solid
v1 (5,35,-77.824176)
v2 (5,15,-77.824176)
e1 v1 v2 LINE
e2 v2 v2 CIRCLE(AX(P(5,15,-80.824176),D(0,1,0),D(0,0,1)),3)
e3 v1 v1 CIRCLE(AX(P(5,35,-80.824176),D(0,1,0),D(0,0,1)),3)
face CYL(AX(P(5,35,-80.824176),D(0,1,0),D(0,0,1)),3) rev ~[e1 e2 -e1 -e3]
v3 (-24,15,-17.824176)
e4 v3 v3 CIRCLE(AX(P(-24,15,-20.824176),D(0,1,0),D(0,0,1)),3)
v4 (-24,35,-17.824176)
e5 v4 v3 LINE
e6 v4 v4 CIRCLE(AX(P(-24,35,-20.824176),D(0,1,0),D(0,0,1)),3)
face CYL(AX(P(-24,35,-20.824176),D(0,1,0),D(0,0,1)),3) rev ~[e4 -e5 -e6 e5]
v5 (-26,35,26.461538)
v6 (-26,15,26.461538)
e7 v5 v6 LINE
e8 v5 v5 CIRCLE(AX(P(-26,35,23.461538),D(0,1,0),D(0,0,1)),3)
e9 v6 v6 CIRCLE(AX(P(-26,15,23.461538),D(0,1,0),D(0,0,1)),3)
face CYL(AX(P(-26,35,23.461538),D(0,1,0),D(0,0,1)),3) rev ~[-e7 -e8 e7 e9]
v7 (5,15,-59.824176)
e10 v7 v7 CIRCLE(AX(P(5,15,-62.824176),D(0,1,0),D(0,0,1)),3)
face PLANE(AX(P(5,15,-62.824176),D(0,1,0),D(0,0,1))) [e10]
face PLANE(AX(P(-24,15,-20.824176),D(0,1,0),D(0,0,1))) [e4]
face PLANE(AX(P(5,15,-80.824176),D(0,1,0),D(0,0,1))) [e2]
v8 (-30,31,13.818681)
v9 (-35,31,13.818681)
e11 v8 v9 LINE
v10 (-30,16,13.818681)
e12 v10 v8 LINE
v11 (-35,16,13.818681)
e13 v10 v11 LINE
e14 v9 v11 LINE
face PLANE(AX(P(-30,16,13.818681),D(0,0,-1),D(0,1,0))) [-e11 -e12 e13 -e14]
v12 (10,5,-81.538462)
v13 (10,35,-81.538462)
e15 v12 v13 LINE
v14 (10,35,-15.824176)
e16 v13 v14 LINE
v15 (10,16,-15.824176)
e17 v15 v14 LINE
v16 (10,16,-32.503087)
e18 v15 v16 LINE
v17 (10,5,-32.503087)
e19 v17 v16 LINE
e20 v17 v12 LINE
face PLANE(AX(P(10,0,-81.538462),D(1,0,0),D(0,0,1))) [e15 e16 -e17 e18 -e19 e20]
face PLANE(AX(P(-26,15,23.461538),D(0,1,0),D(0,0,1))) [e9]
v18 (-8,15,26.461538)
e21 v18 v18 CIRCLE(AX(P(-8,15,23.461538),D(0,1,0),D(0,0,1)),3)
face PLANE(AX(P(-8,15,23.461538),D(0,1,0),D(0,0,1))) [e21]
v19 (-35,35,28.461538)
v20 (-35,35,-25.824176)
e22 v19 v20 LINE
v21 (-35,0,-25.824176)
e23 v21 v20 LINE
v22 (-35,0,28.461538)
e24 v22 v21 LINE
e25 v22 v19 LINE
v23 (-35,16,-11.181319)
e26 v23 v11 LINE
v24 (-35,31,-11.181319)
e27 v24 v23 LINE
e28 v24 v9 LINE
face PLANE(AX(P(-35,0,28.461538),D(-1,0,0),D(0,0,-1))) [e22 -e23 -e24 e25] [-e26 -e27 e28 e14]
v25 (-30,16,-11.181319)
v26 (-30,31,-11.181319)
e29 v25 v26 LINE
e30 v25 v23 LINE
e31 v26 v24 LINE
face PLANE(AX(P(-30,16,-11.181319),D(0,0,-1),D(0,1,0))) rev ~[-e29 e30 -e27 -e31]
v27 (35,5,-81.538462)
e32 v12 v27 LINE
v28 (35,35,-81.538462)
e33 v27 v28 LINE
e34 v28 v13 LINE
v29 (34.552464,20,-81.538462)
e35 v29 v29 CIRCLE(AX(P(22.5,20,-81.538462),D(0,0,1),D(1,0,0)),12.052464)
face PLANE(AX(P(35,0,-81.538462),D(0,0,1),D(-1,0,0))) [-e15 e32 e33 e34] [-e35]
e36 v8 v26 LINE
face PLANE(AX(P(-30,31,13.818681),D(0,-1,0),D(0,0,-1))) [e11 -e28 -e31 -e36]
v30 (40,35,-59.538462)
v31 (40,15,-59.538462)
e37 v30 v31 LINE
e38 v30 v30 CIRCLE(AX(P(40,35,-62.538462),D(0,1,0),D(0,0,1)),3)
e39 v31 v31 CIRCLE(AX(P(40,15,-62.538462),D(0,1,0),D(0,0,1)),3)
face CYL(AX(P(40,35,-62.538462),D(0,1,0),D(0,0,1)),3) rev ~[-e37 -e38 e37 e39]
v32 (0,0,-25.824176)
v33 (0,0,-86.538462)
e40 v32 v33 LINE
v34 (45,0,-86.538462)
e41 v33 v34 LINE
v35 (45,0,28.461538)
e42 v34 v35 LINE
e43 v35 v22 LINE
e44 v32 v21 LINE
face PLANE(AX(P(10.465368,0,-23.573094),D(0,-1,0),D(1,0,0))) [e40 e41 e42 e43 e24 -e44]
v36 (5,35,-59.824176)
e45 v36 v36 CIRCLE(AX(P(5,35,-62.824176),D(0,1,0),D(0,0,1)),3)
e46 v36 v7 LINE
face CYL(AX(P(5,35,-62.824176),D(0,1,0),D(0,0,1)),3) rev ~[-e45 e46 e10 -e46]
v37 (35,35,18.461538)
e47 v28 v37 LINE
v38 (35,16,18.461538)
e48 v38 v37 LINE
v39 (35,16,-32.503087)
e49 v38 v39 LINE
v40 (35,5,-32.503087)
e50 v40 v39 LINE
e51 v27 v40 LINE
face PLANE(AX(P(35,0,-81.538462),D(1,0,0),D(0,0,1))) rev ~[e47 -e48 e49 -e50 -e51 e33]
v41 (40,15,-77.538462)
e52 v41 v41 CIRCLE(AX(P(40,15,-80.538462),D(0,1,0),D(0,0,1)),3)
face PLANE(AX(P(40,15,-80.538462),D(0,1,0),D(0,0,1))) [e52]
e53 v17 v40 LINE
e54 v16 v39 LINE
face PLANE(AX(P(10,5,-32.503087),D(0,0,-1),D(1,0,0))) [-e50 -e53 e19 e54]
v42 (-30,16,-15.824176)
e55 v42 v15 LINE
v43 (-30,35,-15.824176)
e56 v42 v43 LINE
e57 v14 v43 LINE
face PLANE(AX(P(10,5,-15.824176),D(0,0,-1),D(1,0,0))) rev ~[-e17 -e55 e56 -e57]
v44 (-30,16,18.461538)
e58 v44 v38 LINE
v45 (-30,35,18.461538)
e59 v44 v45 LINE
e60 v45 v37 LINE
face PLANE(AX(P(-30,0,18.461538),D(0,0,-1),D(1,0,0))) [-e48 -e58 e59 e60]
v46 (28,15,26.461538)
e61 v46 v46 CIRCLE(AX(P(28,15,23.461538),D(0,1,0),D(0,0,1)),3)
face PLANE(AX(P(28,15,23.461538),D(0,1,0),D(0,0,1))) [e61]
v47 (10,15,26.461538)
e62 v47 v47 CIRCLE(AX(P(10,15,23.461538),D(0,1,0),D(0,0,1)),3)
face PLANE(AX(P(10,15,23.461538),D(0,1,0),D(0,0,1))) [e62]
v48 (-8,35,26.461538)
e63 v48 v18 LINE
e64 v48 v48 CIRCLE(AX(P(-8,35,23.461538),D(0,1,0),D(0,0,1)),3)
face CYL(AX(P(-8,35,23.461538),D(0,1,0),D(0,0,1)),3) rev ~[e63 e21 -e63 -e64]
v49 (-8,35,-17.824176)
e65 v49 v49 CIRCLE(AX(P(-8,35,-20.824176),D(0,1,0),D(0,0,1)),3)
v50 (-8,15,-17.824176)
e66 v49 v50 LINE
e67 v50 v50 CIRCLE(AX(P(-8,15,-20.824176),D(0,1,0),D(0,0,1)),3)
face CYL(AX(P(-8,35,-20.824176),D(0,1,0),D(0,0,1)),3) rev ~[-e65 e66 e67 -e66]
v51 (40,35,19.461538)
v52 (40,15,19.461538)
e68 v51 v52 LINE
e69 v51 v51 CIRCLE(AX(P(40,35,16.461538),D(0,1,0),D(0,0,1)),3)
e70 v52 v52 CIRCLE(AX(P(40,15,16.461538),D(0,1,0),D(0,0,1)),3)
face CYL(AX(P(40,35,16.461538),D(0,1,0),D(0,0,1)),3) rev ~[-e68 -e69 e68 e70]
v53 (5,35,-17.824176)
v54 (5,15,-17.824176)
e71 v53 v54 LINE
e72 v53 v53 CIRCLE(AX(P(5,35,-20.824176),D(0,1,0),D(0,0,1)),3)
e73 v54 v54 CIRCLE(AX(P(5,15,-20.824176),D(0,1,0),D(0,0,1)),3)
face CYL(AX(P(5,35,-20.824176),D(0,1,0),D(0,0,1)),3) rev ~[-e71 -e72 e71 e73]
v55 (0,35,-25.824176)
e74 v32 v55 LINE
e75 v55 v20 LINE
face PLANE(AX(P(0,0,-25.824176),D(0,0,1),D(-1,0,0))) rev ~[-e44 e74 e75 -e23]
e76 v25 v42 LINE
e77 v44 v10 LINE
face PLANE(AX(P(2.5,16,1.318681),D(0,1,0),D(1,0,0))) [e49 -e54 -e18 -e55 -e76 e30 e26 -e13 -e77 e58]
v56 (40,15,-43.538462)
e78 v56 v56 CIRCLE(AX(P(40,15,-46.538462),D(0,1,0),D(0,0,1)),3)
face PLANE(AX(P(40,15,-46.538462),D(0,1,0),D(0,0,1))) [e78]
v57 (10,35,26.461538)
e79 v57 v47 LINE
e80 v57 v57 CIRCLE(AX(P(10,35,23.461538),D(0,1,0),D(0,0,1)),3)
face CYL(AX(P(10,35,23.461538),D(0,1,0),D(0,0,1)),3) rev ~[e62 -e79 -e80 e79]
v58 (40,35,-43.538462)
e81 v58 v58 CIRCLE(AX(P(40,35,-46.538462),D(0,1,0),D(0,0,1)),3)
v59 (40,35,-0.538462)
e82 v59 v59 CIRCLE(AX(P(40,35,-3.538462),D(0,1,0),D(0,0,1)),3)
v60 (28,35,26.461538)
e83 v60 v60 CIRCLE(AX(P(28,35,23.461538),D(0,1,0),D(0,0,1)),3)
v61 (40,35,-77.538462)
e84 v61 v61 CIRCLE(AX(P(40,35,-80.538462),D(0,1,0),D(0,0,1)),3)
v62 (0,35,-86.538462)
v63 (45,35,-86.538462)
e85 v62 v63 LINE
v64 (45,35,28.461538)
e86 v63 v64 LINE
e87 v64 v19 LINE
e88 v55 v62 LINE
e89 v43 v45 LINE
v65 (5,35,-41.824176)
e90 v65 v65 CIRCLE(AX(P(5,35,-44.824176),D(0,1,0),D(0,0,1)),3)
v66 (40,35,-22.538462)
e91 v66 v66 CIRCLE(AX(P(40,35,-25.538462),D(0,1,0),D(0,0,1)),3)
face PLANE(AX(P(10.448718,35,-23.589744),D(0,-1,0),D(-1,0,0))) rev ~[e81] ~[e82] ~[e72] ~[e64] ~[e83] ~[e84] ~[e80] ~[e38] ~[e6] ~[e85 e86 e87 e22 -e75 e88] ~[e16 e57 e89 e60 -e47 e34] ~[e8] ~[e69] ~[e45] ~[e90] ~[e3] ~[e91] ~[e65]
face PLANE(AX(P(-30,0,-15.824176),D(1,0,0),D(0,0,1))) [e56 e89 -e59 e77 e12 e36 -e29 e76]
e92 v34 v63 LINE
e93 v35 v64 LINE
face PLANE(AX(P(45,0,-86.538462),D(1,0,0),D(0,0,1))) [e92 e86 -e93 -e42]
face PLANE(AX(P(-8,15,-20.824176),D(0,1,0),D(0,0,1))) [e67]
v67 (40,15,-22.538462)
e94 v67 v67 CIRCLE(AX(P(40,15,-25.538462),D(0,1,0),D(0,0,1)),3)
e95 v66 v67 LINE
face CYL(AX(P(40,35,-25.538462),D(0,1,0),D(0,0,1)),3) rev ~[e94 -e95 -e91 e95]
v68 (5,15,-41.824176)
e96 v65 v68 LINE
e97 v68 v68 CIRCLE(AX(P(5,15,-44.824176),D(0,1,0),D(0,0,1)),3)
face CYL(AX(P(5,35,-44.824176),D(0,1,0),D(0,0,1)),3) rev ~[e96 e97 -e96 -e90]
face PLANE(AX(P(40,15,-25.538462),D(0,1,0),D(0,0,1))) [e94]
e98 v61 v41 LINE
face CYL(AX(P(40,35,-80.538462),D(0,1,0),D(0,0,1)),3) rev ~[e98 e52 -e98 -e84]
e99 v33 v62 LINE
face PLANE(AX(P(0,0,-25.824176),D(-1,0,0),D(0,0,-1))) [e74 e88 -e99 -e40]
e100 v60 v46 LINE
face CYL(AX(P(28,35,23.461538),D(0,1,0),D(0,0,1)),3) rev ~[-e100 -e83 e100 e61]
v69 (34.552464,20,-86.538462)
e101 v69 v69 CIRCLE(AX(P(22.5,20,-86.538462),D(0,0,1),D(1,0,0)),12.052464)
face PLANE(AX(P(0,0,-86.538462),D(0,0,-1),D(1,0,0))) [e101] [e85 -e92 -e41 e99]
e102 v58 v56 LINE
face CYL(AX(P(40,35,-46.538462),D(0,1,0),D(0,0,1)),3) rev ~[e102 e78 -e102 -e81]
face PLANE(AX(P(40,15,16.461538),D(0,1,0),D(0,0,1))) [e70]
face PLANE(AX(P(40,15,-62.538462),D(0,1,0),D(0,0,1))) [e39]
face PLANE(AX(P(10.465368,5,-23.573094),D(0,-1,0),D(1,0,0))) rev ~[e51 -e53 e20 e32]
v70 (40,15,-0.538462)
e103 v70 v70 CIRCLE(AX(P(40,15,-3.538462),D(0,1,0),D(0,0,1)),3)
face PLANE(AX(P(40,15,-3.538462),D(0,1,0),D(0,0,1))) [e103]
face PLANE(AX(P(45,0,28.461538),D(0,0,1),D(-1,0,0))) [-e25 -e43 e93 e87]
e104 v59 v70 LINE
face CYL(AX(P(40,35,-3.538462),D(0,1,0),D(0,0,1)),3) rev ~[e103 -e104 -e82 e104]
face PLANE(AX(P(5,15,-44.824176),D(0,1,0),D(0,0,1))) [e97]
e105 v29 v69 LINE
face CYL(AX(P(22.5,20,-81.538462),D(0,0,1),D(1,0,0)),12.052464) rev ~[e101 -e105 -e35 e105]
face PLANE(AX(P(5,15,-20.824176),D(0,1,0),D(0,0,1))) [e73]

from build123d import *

# Parameters (mm, degrees)
EXTRUDE_1_DEPTH     = 35
EXTRUDE_2_DEPTH     = 5
SKETCH_4_R          = 3
CUT_EXTRUDE_1_DEPTH = 20
SKETCH_6_W          = 25
SKETCH_6_H          = 16.678910785
EXTRUDE_3_DEPTH     = 11
SKETCH_7_W          = 65
SKETCH_7_H          = 34.285714286
EXTRUDE_4_DEPTH     = 11
SKETCH_8_R          = 12.052464441
CUT_EXTRUDE_2_DEPTH = 11
SKETCH_9_W          = 25
SKETCH_9_H          = 15
CUT_EXTRUDE_3_DEPTH = 11


with BuildPart() as part:
    # Эскиз1 → Бобышка-Вытянуть1 (new body)
    with BuildSketch(Plane(origin=(0, 0, 0), x_dir=(1, 0, 0), z_dir=(0, 1, 0))):
        Polygon((-25.991917961, 25.824175824), (0, 25.824175824), (0, 86.538461538), (45, 86.538461538), (45, -28.461538462), (-35, -28.461538462), (-35, 25.824175824), align=None)
        Polygon((-30, -18.461538462), (35, -18.461538462), (35, 21.538461538), (35, 81.538461538), (10, 81.538461538), (10, 15.824175824), (-30, 15.824175824), align=None, mode=Mode.SUBTRACT)
    extrude(amount=EXTRUDE_1_DEPTH)

    # Эскиз3 → Бобышка-Вытянуть2 (add)
    with BuildSketch(Plane.XZ):
        Polygon((35, -81.538461538), (35, 18.461538462), (-30, 18.461538462), (-30, -15.824175824), (10, -15.824175824), (10, -81.538461538), align=None)
    extrude(amount=-EXTRUDE_2_DEPTH)

    # Эскиз4 → Вырез-Вытянуть1 (cut)
    with BuildSketch(Plane(origin=(0, 35, 0), x_dir=(1, 0, 0), z_dir=(0, 1, 0))):
        with Locations(Location((40, 80.538461538, 0), (0, 0, 270))):
            Circle(SKETCH_4_R)
        with Locations(Location((40, 62.538461538, 0), (0, 0, 270))):
            Circle(SKETCH_4_R)
        with Locations(Location((40, 46.538461538, 0), (0, 0, 270))):
            Circle(SKETCH_4_R)
        with Locations(Location((40, 25.538461538, 0), (0, 0, 270))):
            Circle(SKETCH_4_R)
        with Locations(Location((40, 3.538461538, 0), (0, 0, 270))):
            Circle(SKETCH_4_R)
        with Locations(Location((40, -16.461538462, 0), (0, 0, 270))):
            Circle(SKETCH_4_R)
        with Locations(Location((5, 80.824175824, 0), (0, 0, 270))):
            Circle(SKETCH_4_R)
        with Locations(Location((5, 62.824175824, 0), (0, 0, 270))):
            Circle(SKETCH_4_R)
        with Locations(Location((5, 44.824175824, 0), (0, 0, 270))):
            Circle(SKETCH_4_R)
        with Locations(Location((-24, 20.824175824, 0), (0, 0, 270))):
            Circle(SKETCH_4_R)
        with Locations(Location((-8, 20.824175824, 0), (0, 0, 270))):
            Circle(SKETCH_4_R)
        with Locations(Location((5, 20.824175824, 0), (0, 0, 270))):
            Circle(SKETCH_4_R)
        with Locations(Location((-26, -23.461538462, 0), (0, 0, 270))):
            Circle(SKETCH_4_R)
        with Locations(Location((-8, -23.461538462, 0), (0, 0, 270))):
            Circle(SKETCH_4_R)
        with Locations(Location((10, -23.461538462, 0), (0, 0, 270))):
            Circle(SKETCH_4_R)
        with Locations(Location((28, -23.461538462, 0), (0, 0, 270))):
            Circle(SKETCH_4_R)
    extrude(amount=-CUT_EXTRUDE_1_DEPTH, mode=Mode.SUBTRACT)

    # Эскиз6 → Бобышка-Вытянуть3 (add)
    with BuildSketch(Plane(origin=(0, 5, 0), x_dir=(1, 0, 0), z_dir=(0, 1, 0))):
        with Locations((22.5, 24.163631217)):
            Rectangle(SKETCH_6_W, SKETCH_6_H)
    extrude(amount=EXTRUDE_3_DEPTH)

    # Эскиз7 → Бобышка-Вытянуть4 (add)
    with BuildSketch(Plane(origin=(0, 5, 0), x_dir=(1, 0, 0), z_dir=(0, 1, 0))):
        with Locations((2.5, -1.318681319)):
            Rectangle(SKETCH_7_W, SKETCH_7_H)
    extrude(amount=EXTRUDE_4_DEPTH)

    # Эскиз8 → Вырез-Вытянуть2 (cut)
    with BuildSketch(Plane.XY.offset(-81.538461538)):
        with Locations((22.5, 20)):
            Circle(SKETCH_8_R)
    extrude(amount=-CUT_EXTRUDE_2_DEPTH, mode=Mode.SUBTRACT)

    # Эскиз9 → Вырез-Вытянуть3 (cut)
    with BuildSketch(Plane(origin=(-30, 0, 0), x_dir=(0, 0, -1), z_dir=(1, 0, 0))):
        with Locations((-1.318681319, 23.5)):
            Rectangle(SKETCH_9_W, SKETCH_9_H)
    extrude(amount=-CUT_EXTRUDE_3_DEPTH, mode=Mode.SUBTRACT)


solid = part.part
